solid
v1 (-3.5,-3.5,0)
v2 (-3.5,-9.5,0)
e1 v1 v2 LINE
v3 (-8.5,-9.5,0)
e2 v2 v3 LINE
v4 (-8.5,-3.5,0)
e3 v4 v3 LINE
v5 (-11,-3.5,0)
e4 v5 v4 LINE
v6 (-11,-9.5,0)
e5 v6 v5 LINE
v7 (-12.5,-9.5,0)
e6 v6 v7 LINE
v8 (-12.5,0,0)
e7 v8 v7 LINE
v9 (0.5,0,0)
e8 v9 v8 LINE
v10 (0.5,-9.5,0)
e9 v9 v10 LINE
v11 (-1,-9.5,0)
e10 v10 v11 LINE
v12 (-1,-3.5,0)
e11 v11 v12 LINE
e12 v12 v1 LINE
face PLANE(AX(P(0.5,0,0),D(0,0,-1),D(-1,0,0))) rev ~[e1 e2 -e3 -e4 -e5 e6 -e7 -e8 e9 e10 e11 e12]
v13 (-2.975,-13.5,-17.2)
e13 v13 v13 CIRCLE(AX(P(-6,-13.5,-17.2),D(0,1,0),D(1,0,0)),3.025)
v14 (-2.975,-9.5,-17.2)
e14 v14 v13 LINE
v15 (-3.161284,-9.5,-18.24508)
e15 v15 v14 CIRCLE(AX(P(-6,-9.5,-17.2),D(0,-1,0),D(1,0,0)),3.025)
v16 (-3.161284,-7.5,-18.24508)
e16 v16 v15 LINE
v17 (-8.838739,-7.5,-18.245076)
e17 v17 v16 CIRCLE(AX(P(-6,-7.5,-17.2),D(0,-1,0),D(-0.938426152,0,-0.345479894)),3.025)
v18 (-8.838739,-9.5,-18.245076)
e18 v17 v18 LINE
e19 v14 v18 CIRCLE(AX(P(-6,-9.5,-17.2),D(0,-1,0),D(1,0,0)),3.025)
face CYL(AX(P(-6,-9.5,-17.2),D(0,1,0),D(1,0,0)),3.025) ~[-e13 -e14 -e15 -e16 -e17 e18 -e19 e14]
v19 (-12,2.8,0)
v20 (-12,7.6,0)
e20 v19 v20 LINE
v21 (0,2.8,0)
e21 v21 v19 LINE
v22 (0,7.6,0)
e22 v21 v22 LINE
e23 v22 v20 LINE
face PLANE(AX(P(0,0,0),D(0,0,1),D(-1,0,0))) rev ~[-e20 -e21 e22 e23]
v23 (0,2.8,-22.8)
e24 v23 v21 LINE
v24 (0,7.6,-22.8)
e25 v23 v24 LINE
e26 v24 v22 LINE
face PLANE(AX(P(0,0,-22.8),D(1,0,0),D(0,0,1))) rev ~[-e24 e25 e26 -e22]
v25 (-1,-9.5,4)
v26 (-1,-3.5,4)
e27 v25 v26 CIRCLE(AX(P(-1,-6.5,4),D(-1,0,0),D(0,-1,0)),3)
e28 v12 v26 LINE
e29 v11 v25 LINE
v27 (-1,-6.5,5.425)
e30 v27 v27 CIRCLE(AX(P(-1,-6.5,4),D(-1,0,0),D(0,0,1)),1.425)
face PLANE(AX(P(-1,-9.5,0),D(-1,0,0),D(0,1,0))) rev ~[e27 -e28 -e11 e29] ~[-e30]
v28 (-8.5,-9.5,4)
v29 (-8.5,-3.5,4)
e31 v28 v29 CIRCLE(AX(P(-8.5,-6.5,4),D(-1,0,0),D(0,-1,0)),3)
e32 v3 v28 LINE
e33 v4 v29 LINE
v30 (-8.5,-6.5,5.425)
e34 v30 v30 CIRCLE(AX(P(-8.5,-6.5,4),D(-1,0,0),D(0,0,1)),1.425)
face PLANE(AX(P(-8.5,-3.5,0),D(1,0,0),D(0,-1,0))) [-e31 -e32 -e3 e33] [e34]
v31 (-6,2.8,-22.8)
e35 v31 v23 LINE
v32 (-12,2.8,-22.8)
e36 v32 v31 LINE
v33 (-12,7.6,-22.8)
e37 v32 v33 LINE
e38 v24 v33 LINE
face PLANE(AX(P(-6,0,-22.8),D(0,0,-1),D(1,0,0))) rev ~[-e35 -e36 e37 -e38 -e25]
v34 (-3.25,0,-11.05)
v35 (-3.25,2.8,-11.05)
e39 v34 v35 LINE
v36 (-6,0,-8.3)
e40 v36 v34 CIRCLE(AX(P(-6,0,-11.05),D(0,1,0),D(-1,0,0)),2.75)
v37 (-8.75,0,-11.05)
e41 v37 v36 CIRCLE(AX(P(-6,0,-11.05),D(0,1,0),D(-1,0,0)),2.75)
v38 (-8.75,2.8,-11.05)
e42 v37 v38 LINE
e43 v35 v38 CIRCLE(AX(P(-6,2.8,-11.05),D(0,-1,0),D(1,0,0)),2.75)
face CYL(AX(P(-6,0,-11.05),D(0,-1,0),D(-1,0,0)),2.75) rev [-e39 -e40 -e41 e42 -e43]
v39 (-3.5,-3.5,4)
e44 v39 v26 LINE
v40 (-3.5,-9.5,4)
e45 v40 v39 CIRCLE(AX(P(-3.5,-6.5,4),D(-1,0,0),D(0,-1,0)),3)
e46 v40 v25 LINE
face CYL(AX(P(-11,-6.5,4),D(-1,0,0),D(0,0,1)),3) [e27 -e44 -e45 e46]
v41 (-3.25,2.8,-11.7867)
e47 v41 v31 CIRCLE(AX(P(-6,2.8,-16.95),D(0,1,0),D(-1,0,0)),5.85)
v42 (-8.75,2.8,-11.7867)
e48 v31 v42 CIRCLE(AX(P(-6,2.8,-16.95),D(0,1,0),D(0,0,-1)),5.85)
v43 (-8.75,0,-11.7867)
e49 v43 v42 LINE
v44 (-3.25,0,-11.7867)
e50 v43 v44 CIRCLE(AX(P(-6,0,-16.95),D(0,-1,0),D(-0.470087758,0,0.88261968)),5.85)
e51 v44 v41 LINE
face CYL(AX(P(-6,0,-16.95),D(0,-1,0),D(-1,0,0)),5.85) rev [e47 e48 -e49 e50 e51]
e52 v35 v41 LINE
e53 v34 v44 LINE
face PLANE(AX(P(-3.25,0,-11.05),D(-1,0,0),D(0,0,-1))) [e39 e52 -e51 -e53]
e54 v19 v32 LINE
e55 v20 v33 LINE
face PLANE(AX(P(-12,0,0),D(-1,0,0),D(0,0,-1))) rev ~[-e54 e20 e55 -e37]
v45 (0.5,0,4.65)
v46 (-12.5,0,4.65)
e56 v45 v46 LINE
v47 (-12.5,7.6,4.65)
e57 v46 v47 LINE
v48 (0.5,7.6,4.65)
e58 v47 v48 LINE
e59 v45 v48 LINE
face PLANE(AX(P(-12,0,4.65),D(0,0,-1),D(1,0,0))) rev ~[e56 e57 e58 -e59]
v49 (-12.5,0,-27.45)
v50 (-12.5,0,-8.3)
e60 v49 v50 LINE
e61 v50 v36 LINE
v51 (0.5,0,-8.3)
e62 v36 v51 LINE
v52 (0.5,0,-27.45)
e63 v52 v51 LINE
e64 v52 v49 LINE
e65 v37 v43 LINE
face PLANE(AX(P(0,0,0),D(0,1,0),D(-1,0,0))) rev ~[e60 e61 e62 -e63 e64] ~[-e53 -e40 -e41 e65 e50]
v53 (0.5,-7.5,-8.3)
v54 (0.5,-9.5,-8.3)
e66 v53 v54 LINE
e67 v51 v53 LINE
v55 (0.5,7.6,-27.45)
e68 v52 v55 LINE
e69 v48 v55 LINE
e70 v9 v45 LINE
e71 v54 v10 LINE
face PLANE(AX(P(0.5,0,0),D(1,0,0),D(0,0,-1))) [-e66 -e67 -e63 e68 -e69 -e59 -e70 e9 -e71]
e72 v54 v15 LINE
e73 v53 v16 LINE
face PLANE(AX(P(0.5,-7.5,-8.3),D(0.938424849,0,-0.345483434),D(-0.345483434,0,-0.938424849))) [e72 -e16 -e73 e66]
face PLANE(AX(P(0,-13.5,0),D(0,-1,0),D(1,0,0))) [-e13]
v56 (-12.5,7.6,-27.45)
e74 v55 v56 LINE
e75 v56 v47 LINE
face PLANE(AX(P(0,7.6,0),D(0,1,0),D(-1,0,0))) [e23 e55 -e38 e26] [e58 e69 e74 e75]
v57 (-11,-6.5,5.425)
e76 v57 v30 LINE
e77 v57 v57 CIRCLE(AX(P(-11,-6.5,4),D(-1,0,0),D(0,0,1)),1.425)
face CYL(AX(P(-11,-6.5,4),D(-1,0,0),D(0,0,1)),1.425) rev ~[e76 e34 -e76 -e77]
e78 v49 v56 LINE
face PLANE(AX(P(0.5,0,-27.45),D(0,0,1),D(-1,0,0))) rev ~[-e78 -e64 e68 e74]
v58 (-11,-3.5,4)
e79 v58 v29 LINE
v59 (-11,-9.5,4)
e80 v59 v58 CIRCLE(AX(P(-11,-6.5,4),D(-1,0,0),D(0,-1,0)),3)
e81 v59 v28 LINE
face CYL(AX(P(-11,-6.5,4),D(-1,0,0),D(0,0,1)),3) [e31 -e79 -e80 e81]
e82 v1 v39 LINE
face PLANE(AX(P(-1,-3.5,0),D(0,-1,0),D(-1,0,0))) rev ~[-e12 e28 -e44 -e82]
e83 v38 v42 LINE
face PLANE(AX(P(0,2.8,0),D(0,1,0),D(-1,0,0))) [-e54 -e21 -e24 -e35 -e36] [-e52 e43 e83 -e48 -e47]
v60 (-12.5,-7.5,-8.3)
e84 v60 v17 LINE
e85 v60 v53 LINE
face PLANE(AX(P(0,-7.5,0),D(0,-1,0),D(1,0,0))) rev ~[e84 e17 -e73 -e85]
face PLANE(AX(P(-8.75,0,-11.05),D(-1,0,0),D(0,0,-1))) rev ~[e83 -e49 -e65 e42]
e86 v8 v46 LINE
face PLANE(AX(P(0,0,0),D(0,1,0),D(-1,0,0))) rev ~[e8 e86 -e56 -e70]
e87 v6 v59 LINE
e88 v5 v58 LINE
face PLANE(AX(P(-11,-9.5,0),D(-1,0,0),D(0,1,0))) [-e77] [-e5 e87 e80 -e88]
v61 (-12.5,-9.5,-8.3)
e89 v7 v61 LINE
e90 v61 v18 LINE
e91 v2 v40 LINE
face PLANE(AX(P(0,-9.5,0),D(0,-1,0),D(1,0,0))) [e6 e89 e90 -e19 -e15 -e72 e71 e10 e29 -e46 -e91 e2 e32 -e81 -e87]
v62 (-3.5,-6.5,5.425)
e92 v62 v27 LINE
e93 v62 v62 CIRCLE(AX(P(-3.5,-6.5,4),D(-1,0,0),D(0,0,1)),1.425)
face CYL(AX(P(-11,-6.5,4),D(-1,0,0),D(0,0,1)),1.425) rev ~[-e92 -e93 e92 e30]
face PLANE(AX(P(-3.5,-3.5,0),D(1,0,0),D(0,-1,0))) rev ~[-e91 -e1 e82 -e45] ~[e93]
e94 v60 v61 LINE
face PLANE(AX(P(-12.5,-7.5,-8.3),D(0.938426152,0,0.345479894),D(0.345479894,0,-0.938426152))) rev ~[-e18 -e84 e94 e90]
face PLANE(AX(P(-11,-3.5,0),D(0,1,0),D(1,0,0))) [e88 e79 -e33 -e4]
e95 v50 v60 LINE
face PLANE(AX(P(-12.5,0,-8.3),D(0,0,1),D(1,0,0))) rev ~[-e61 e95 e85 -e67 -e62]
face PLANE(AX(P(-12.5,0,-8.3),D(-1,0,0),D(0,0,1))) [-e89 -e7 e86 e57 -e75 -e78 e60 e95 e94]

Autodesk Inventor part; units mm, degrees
ref_plane "YZ Plane" through (0, 0, 0) normal (1, 0, 0) x (0, 1, 0)
ref_plane "XZ Plane" through (0, 0, 0) normal (0, 1, 0) x (-1, 0, 0)
ref_plane "XY Plane" through (0, 0, 0) normal (0, 0, 1) x (1, 0, 0)
sketch "Sketch1" plane through (0, 0, 0) normal (0, 1, 0) x (-1, 0, 0)
  line L0 (0, 0) -> (12, 0)
  line L1 (12, 0) -> (12, -22.8)
  line L2 (12, -22.8) -> (0, -22.8)
  line L3 (0, -22.8) -> (0, 0)
  line L4 (6, -22.8) -> (6, -11.1)
  line L5 (12, 0) -> (12, 4.65)
  line L6 (12, 4.65) -> (12.5, 4.65)
  line L7 (0, -22.8) -> (-0.5, -22.8)
  line L8 (-0.5, -22.8) -> (-0.5, -27.45)
  line L9 (12.5, 4.65) -> (-0.5, 4.65)
  line L10 (-0.5, 4.65) -> (-0.5, -27.45)
  line L11 (-0.5, -27.45) -> (12.5, -27.45)
  line L12 (12.5, -27.45) -> (12.5, 4.65)
  circle A0 centre (6, -16.95) radius 5.85
  line L13 (6, -11.1) -> (6, -8.3)
  line L14 (6, -8.3) -> (6, -11.05)
  circle A1 centre (6, -11.05) radius 2.75
  line L15 (3.25, -11.05) -> (3.25, -11.7867)
  line L16 (8.75, -11.05) -> (8.75, -11.7867)
  dimension "d0" = 22.8
  dimension "d1" = 12
  dimension "d5" = 4.65
  dimension "d6" = 0.5
  dimension "d7" = 0.5
  dimension "d8" = 4.65
  dimension "d42" = 11.7
  dimension "d43" = 2.8
  dimension "d44" = 2.75
extrude "Extrusion1" add sketch "Sketch1" along normal blind 2.8 contours L0 L1 L2 L3
extrude "Extrusion3" add sketch "Sketch1" along normal blind 7.6 contours L3 L7 L10 L9 L5 L0 | L5 L6 L12 L11 L8 L7 L2 L1
sketch "Sketch5" plane through (0, 0, 0) normal (0, -1, 0) x (1, 0, 0)
  line L0 (0.5, 4.65) -> (0.5, -27.45) projected
  line L1 (0.5, 4.65) -> (0.5, 0)
  line L2 (-12.5, -27.45) -> (-12.5, 4.65) projected
  line L3 (0.5, 0) -> (-12.5, 0)
  line L4 (-12.5, 0) -> (-12.5, -8.3)
  line L5 (-12.5, -8.3) -> (0.5, -8.3)
  line L6 (0.5, -8.3) -> (0.5, 0)
  point P0 (0, 0)
  dimension "d45" = 4.65
  dimension "d46" = 8.3
extrude "Extrusion8" add sketch "Sketch5" along normal blind 7.5
sketch "Sketch6" plane through (0, -7.5, 0) normal (0, -1, 0) x (1, 0, 0)
  line L0 (-6, -22.8) -> (-12, -22.8) projected
  line L1 (-6, -22.8) -> (-6, -17.2)
  circle A0 centre (-6, -17.2) radius 3.025
  line L2 (0.5, 0) -> (-12.5, 0) projected
  line L3 (-6, -8.3) -> (-12.5, -8.3) projected
  line L4 (0.5, 0) -> (-12.5, 0)
  line L5 (-12.5, 0) -> (-12.5, -8.3)
  line L6 (-12.5, -8.3) -> (0.5, -8.3)
  line L7 (0.5, -8.3) -> (0.5, 0)
  line L8 (-12.5, -8.3) -> (-7.8416, -20.9536)
  line L9 (0.5, -8.3) -> (-6, -8.3) projected
  line L10 (0.5, -8.3) -> (-4.2111, -21.0966)
  point P0 (0, 0)
  point P1 (-12.5, 0)
  point P2 (-8.8387, -18.2451)
  point P3 (-3.1613, -18.2451)
  dimension "d49" = 5.6
  dimension "d50" = 6.05
extrude "Extrusion9" add sketch "Sketch6" along normal blind 2
sketch "Sketch7" plane through (0, -9.5, 0) normal (0, -1, 0) x (1, 0, 0)
  arc A0 (-8.75, -11.7867) -> (-3.25, -11.7867) centre (-6, -16.95) ccw projected
  line L0 (-6, -22.8) -> (-6, -17.2)
  circle A1 centre (-6, -17.2) radius 3.025
  point P0 (0, 0)
  dimension "d53" = 5.6
  dimension "d54" = 6.05
extrude "Extrusion10" add sketch "Sketch7" along normal blind 4
sketch "Sketch8" plane through (-12.5, 0, 0) normal (0, 0, 1) x (1, 0, 0)
  line L0 (13, -9.5) -> (0, -9.5) projected
  line L1 (6.5, -9.5) -> (9, -9.5)
  line L2 (6.5, -9.5) -> (4, -9.5)
  line L3 (9, -9.5) -> (11.5, -9.5)
  line L4 (11.5, -9.5) -> (11.5, -3.5)
  line L5 (11.5, -3.5) -> (9, -3.5)
  line L6 (9, -3.5) -> (9, -9.5)
  line L7 (4, -9.5) -> (1.5, -9.5)
  line L8 (1.5, -9.5) -> (1.5, -3.5)
  line L9 (1.5, -3.5) -> (4, -3.5)
  line L10 (4, -3.5) -> (4, -9.5)
  point P0 (12.5, 0)
  point P1 (1.5, -9.5)
  dimension "d58" = 2.5
  dimension "d59" = 2.5
  dimension "d60" = 6
  dimension "d61" = 6
  dimension "d62" = 2.5
  dimension "d63" = 2.5
extrude "Extrusion11" add sketch "Sketch8" along normal blind 7
sketch "Sketch9" plane through (-11, -9.5, 0) normal (-1, 0, 0) x (0, 0, 1)
  line L0 (7, 6) -> (7, 0) projected
  line L1 (7, 3) -> (4, 3)
  circle A0 centre (4, 3) radius 3
  circle A1 centre (4, 3) radius 1.425
  line L2 (0, 6) -> (7, 6) projected
  line L3 (0, 0) -> (7, 0) projected
  line L4 (7, 6) -> (1.6009, 6)
  line L5 (1.6009, 6) -> (1.6009, 0)
  line L6 (1.6009, 0) -> (7, 0)
  line L7 (7, 0) -> (7, 6)
  point P0 (0, 9.5)
  point P1 (4, 6)
  point P2 (4, 0)
  dimension "d66" = 2.85
  dimension "d67" = 3
extrude "Extrusion12" cut sketch "Sketch9" against normal through all contours L0 A0 L2 | A1 | L0 L3 A0
properties part number "ServoMount"
